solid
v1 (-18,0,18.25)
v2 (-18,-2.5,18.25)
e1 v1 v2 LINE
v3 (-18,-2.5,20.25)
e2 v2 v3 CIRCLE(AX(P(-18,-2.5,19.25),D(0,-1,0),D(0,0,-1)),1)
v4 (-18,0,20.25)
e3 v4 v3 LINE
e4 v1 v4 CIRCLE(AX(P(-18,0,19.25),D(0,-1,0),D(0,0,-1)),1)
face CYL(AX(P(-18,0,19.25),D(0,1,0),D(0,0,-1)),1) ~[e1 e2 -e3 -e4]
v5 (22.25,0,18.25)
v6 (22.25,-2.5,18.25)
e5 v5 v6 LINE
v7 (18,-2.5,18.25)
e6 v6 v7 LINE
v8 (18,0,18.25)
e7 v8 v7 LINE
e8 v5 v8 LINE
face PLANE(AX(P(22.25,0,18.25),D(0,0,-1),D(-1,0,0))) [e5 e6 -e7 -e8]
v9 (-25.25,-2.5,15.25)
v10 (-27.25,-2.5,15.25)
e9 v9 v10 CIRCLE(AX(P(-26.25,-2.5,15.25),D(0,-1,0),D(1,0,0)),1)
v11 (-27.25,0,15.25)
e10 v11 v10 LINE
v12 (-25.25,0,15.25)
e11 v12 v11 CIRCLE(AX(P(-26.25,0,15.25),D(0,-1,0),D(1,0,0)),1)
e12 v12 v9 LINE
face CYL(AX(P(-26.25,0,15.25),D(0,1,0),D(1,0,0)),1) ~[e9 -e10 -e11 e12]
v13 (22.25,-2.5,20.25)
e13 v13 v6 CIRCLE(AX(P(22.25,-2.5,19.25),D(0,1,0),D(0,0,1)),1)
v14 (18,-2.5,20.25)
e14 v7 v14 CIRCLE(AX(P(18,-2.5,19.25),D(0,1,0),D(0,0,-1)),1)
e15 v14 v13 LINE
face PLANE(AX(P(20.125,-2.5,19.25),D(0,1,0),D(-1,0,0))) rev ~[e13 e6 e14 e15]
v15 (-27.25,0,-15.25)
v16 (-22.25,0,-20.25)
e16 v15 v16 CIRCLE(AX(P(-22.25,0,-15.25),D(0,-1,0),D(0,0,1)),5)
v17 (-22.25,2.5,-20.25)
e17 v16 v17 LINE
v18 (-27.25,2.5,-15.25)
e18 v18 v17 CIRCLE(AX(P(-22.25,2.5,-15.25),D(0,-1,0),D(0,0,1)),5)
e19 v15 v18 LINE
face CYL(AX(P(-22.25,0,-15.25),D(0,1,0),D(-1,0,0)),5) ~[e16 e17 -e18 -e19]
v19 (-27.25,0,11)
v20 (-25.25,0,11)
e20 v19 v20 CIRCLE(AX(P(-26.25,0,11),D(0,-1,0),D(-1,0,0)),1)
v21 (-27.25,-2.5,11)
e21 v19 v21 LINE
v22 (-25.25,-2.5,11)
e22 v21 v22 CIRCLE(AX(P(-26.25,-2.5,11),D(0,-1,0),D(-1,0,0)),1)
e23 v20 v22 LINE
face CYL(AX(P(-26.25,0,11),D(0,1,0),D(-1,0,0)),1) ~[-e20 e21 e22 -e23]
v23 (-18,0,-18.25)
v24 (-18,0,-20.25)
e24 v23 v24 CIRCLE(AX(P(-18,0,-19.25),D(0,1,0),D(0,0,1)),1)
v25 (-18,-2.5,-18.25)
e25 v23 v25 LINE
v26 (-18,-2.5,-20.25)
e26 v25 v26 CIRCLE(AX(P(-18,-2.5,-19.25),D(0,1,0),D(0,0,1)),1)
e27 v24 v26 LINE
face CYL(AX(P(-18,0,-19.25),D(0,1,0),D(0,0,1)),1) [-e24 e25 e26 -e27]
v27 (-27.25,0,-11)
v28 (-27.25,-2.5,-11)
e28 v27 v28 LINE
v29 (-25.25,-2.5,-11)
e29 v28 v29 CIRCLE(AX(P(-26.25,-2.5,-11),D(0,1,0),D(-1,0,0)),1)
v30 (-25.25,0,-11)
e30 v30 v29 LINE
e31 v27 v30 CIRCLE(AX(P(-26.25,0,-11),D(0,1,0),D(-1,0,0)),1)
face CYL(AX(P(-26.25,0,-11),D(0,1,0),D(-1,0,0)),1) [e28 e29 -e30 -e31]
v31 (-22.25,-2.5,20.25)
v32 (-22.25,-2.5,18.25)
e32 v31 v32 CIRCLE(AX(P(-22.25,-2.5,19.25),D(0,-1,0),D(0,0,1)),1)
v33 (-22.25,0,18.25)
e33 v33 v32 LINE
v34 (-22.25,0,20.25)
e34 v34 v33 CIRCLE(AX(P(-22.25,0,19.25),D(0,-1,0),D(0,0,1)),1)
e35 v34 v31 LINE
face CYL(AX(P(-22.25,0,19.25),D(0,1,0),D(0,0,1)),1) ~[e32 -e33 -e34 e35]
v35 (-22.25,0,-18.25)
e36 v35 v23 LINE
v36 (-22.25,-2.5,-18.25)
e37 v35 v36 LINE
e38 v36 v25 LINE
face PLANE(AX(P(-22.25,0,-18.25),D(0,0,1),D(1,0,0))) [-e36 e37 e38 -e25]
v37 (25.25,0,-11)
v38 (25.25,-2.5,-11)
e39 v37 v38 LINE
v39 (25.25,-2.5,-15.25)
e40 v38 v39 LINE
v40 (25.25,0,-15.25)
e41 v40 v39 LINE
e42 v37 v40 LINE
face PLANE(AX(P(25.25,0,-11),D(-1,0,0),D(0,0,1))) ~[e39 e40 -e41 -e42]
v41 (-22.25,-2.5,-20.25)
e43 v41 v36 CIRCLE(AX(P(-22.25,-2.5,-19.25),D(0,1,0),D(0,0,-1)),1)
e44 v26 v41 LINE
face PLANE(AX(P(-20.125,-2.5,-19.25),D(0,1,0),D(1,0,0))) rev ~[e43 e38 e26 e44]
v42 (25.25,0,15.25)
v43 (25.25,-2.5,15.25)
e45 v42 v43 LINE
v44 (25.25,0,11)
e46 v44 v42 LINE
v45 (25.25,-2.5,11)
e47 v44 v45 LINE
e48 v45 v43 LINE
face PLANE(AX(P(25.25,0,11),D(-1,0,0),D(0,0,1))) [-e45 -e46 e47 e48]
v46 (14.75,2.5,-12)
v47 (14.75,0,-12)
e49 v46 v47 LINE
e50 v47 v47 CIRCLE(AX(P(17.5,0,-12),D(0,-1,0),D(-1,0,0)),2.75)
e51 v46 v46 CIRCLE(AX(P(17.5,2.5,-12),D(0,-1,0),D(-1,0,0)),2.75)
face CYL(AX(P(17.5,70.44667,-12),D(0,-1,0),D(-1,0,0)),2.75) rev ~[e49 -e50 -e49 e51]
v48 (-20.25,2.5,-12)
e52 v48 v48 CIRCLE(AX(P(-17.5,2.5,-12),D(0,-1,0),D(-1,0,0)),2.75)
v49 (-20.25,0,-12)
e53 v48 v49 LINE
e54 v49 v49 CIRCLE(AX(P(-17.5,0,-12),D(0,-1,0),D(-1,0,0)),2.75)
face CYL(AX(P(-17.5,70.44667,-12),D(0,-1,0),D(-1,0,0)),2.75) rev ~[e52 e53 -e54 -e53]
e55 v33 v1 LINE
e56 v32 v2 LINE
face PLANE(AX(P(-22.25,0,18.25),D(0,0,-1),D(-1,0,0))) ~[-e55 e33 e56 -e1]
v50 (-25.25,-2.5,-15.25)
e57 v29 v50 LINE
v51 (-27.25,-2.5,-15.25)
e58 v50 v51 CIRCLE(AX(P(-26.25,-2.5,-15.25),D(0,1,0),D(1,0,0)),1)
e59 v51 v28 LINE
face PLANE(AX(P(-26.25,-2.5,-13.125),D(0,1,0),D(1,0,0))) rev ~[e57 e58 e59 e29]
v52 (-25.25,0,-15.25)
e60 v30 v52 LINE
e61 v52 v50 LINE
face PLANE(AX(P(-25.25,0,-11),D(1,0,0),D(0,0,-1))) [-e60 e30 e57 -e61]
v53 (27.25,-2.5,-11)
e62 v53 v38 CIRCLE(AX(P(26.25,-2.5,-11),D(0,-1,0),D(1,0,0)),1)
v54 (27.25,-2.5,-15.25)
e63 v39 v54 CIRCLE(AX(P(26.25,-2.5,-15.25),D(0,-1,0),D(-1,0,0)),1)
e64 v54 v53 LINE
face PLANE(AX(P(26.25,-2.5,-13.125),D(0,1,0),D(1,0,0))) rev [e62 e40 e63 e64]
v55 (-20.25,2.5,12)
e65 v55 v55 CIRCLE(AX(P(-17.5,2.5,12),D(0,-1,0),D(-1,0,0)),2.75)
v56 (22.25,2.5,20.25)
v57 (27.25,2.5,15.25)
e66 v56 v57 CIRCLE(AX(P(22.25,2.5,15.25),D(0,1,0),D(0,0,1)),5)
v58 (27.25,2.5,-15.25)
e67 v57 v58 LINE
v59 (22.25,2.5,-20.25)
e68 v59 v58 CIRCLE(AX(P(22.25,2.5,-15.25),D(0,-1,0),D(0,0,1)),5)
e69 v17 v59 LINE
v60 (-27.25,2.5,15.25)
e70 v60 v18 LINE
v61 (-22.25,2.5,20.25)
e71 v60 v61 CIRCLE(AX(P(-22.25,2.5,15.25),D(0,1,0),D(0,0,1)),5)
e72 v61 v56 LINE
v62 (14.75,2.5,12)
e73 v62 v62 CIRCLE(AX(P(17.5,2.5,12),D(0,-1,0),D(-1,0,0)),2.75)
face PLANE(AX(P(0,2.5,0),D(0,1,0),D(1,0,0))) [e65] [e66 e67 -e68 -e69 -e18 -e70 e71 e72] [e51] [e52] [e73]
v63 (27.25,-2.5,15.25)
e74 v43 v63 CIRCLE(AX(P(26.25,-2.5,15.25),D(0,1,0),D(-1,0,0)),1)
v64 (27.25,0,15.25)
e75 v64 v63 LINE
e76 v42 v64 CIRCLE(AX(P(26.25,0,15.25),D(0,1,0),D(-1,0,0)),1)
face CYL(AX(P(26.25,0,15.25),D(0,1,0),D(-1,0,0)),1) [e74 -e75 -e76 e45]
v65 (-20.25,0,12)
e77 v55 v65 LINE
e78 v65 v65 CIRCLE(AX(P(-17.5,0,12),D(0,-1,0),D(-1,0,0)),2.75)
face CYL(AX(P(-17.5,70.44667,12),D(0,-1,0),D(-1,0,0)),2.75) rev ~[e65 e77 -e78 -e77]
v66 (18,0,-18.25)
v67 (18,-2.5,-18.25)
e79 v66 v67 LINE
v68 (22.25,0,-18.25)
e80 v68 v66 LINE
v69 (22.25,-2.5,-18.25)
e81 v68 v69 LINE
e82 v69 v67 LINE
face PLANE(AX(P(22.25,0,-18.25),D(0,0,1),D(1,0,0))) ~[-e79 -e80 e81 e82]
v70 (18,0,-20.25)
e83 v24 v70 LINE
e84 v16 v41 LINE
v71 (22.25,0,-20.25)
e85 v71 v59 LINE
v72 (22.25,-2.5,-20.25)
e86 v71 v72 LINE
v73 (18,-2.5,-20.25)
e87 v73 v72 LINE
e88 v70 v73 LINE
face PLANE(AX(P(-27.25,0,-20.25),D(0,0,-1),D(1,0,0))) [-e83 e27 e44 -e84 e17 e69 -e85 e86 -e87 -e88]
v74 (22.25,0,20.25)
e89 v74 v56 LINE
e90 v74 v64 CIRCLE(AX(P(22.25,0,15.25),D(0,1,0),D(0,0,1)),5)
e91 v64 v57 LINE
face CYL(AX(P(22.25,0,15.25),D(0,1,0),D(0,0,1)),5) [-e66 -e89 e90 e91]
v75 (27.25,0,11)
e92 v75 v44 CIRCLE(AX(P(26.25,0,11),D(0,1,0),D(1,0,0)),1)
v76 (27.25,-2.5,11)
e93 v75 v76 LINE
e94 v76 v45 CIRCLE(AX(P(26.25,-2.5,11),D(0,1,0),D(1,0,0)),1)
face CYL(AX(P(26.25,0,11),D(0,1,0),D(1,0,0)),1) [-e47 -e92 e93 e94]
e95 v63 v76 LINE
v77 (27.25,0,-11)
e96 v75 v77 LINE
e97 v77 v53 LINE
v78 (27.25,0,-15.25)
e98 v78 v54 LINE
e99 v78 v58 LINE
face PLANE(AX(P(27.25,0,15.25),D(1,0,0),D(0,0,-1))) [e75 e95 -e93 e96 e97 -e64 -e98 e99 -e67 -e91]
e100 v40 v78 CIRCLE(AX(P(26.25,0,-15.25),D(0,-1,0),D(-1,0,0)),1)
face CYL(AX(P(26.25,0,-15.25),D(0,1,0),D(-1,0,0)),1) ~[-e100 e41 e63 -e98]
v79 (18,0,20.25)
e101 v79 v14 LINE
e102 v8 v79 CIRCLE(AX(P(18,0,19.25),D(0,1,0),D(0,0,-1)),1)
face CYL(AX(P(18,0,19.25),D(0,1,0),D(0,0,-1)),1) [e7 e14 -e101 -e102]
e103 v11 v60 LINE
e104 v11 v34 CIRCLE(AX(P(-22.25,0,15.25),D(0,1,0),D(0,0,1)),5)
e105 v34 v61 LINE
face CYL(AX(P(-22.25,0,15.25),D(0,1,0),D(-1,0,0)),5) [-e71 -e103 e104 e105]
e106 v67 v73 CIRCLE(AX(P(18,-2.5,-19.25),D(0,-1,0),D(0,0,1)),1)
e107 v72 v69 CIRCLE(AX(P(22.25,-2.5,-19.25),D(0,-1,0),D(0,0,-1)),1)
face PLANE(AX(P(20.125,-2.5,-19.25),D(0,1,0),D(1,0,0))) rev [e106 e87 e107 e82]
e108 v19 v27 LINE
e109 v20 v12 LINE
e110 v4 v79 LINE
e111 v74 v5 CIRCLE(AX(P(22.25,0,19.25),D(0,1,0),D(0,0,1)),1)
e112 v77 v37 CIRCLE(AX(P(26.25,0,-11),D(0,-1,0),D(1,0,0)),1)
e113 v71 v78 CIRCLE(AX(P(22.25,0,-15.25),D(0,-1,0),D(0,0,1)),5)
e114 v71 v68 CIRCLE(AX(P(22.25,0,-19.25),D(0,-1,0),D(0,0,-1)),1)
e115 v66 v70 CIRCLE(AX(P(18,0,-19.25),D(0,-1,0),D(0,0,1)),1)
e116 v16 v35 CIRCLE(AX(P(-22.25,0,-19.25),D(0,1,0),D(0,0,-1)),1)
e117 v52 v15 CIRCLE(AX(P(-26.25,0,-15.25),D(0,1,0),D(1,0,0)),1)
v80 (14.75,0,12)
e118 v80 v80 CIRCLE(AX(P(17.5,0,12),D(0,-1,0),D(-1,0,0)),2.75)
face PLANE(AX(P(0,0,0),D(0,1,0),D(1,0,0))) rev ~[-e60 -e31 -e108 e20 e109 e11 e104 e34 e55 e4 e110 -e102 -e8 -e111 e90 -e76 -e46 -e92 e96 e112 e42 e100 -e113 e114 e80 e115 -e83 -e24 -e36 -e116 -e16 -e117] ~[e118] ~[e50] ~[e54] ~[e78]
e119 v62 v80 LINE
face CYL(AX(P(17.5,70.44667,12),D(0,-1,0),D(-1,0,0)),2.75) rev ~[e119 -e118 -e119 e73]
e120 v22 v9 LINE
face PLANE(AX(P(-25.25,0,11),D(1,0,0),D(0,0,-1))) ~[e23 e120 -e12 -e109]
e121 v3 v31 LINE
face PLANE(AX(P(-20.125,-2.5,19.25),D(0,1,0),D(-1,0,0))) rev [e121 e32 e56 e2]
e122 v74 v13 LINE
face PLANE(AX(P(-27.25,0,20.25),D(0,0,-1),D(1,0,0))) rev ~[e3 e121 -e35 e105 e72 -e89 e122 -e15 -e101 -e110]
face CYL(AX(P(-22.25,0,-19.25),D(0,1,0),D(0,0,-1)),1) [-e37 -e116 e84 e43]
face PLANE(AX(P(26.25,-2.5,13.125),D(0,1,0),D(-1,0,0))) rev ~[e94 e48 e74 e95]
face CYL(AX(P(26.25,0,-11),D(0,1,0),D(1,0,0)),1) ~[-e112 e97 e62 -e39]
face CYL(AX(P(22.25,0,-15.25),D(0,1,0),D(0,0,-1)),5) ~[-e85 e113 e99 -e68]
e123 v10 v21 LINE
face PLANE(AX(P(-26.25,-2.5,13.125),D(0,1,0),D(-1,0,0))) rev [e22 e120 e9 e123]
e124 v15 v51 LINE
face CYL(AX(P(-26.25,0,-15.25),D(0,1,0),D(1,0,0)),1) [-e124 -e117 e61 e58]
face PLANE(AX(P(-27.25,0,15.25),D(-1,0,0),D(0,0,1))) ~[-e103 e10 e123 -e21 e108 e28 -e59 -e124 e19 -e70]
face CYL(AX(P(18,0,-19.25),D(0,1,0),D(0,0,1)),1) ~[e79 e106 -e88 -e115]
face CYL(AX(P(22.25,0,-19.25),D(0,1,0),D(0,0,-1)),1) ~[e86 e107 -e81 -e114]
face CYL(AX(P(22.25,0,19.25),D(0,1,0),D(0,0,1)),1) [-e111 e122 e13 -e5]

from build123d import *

# Parameters (mm, degrees)
SKETCH1_W            = 54.5
SKETCH1_H            = 40.5
BOSS_EXTRUDE1_DEPTH  = 2.5
M5_CLEARANCE_HOLE1_D = 5.5
FILLET1_R            = 5
BOSS_EXTRUDE2_DEPTH  = 2.5
MIRROR2_COPY_1_DEPTH = 2.5


with BuildPart() as part:
    # Sketch1 → Boss-Extrude1 (new body)
    with BuildSketch(Plane(origin=(0, 0, 0), x_dir=(1, 0, 0), z_dir=(0, 1, 0))):
        Rectangle(SKETCH1_W, SKETCH1_H)
    extrude(amount=BOSS_EXTRUDE1_DEPTH)

    # M5 Clearance Hole1 (through all)
    with Locations(Plane(origin=(0, 2.5, 0), x_dir=(1, 0, 0), z_dir=(0, 1, 0))):
        with Locations((17.5, -12), (-17.5, 12), (-17.5, -12), (17.5, 12)):
            Hole(M5_CLEARANCE_HOLE1_D / 2)

    # Fillet1
    fillet1_edges = [part.edges().sort_by_distance(p)[0] for p in [
        (-27.25, 1.25, -20.25),
        (27.25, 1.25, -20.25),
        (27.25, 1.25, 20.25),
        (-27.25, 1.25, 20.25),
    ]]
    fillet(fillet1_edges, radius=FILLET1_R)

    # Sketch2 → Boss-Extrude2 (add)
    with BuildSketch(Plane(origin=(0, 0, 0), x_dir=(1, 0, 0), z_dir=(0, 1, 0))):
        with BuildLine():
            Line((-25.25, 11), (-25.25, 15.25))
            ThreePointArc((-25.25, 15.25), (-26.25, 16.25), (-27.25, 15.25))
            Line((-27.25, 15.25), (-27.25, 11))
            ThreePointArc((-27.25, 11), (-26.25, 10), (-25.25, 11))
        make_face()
        with BuildLine():
            Line((-22.25, 18.25), (-18, 18.25))
            ThreePointArc((-18, 18.25), (-17, 19.25), (-18, 20.25))
            Line((-18, 20.25), (-22.25, 20.25))
            ThreePointArc((-22.25, 20.25), (-23.25, 19.25), (-22.25, 18.25))
        make_face()
    boss_extrude2 = extrude(amount=-BOSS_EXTRUDE2_DEPTH)

    # Mirror1: Boss-Extrude2 across plane
    add(boss_extrude2.mirror(Plane.XY))

    # Mirror2: Boss-Extrude2 across plane
    add(boss_extrude2.mirror(Plane(origin=(0, 0, 0), x_dir=(0, 0, 1), z_dir=(1, 0, 0))))

    # Mirror2 copy 1 sketch → Mirror2 copy 1 (add)
    with BuildSketch(Plane(origin=(0, 0, 0), x_dir=(-1, 0, 0), z_dir=(0, 1, 0))):
        with BuildLine():
            Line((-25.25, 11), (-25.25, 15.25))
            ThreePointArc((-25.25, 15.25), (-26.25, 16.25), (-27.25, 15.25))
            Line((-27.25, 15.25), (-27.25, 11))
            ThreePointArc((-27.25, 11), (-26.25, 10), (-25.25, 11))
        make_face()
        with BuildLine():
            Line((-22.25, 18.25), (-18, 18.25))
            ThreePointArc((-18, 18.25), (-17, 19.25), (-18, 20.25))
            Line((-18, 20.25), (-22.25, 20.25))
            ThreePointArc((-22.25, 20.25), (-23.25, 19.25), (-22.25, 18.25))
        make_face()
    extrude(amount=-MIRROR2_COPY_1_DEPTH)


solid = part.part
